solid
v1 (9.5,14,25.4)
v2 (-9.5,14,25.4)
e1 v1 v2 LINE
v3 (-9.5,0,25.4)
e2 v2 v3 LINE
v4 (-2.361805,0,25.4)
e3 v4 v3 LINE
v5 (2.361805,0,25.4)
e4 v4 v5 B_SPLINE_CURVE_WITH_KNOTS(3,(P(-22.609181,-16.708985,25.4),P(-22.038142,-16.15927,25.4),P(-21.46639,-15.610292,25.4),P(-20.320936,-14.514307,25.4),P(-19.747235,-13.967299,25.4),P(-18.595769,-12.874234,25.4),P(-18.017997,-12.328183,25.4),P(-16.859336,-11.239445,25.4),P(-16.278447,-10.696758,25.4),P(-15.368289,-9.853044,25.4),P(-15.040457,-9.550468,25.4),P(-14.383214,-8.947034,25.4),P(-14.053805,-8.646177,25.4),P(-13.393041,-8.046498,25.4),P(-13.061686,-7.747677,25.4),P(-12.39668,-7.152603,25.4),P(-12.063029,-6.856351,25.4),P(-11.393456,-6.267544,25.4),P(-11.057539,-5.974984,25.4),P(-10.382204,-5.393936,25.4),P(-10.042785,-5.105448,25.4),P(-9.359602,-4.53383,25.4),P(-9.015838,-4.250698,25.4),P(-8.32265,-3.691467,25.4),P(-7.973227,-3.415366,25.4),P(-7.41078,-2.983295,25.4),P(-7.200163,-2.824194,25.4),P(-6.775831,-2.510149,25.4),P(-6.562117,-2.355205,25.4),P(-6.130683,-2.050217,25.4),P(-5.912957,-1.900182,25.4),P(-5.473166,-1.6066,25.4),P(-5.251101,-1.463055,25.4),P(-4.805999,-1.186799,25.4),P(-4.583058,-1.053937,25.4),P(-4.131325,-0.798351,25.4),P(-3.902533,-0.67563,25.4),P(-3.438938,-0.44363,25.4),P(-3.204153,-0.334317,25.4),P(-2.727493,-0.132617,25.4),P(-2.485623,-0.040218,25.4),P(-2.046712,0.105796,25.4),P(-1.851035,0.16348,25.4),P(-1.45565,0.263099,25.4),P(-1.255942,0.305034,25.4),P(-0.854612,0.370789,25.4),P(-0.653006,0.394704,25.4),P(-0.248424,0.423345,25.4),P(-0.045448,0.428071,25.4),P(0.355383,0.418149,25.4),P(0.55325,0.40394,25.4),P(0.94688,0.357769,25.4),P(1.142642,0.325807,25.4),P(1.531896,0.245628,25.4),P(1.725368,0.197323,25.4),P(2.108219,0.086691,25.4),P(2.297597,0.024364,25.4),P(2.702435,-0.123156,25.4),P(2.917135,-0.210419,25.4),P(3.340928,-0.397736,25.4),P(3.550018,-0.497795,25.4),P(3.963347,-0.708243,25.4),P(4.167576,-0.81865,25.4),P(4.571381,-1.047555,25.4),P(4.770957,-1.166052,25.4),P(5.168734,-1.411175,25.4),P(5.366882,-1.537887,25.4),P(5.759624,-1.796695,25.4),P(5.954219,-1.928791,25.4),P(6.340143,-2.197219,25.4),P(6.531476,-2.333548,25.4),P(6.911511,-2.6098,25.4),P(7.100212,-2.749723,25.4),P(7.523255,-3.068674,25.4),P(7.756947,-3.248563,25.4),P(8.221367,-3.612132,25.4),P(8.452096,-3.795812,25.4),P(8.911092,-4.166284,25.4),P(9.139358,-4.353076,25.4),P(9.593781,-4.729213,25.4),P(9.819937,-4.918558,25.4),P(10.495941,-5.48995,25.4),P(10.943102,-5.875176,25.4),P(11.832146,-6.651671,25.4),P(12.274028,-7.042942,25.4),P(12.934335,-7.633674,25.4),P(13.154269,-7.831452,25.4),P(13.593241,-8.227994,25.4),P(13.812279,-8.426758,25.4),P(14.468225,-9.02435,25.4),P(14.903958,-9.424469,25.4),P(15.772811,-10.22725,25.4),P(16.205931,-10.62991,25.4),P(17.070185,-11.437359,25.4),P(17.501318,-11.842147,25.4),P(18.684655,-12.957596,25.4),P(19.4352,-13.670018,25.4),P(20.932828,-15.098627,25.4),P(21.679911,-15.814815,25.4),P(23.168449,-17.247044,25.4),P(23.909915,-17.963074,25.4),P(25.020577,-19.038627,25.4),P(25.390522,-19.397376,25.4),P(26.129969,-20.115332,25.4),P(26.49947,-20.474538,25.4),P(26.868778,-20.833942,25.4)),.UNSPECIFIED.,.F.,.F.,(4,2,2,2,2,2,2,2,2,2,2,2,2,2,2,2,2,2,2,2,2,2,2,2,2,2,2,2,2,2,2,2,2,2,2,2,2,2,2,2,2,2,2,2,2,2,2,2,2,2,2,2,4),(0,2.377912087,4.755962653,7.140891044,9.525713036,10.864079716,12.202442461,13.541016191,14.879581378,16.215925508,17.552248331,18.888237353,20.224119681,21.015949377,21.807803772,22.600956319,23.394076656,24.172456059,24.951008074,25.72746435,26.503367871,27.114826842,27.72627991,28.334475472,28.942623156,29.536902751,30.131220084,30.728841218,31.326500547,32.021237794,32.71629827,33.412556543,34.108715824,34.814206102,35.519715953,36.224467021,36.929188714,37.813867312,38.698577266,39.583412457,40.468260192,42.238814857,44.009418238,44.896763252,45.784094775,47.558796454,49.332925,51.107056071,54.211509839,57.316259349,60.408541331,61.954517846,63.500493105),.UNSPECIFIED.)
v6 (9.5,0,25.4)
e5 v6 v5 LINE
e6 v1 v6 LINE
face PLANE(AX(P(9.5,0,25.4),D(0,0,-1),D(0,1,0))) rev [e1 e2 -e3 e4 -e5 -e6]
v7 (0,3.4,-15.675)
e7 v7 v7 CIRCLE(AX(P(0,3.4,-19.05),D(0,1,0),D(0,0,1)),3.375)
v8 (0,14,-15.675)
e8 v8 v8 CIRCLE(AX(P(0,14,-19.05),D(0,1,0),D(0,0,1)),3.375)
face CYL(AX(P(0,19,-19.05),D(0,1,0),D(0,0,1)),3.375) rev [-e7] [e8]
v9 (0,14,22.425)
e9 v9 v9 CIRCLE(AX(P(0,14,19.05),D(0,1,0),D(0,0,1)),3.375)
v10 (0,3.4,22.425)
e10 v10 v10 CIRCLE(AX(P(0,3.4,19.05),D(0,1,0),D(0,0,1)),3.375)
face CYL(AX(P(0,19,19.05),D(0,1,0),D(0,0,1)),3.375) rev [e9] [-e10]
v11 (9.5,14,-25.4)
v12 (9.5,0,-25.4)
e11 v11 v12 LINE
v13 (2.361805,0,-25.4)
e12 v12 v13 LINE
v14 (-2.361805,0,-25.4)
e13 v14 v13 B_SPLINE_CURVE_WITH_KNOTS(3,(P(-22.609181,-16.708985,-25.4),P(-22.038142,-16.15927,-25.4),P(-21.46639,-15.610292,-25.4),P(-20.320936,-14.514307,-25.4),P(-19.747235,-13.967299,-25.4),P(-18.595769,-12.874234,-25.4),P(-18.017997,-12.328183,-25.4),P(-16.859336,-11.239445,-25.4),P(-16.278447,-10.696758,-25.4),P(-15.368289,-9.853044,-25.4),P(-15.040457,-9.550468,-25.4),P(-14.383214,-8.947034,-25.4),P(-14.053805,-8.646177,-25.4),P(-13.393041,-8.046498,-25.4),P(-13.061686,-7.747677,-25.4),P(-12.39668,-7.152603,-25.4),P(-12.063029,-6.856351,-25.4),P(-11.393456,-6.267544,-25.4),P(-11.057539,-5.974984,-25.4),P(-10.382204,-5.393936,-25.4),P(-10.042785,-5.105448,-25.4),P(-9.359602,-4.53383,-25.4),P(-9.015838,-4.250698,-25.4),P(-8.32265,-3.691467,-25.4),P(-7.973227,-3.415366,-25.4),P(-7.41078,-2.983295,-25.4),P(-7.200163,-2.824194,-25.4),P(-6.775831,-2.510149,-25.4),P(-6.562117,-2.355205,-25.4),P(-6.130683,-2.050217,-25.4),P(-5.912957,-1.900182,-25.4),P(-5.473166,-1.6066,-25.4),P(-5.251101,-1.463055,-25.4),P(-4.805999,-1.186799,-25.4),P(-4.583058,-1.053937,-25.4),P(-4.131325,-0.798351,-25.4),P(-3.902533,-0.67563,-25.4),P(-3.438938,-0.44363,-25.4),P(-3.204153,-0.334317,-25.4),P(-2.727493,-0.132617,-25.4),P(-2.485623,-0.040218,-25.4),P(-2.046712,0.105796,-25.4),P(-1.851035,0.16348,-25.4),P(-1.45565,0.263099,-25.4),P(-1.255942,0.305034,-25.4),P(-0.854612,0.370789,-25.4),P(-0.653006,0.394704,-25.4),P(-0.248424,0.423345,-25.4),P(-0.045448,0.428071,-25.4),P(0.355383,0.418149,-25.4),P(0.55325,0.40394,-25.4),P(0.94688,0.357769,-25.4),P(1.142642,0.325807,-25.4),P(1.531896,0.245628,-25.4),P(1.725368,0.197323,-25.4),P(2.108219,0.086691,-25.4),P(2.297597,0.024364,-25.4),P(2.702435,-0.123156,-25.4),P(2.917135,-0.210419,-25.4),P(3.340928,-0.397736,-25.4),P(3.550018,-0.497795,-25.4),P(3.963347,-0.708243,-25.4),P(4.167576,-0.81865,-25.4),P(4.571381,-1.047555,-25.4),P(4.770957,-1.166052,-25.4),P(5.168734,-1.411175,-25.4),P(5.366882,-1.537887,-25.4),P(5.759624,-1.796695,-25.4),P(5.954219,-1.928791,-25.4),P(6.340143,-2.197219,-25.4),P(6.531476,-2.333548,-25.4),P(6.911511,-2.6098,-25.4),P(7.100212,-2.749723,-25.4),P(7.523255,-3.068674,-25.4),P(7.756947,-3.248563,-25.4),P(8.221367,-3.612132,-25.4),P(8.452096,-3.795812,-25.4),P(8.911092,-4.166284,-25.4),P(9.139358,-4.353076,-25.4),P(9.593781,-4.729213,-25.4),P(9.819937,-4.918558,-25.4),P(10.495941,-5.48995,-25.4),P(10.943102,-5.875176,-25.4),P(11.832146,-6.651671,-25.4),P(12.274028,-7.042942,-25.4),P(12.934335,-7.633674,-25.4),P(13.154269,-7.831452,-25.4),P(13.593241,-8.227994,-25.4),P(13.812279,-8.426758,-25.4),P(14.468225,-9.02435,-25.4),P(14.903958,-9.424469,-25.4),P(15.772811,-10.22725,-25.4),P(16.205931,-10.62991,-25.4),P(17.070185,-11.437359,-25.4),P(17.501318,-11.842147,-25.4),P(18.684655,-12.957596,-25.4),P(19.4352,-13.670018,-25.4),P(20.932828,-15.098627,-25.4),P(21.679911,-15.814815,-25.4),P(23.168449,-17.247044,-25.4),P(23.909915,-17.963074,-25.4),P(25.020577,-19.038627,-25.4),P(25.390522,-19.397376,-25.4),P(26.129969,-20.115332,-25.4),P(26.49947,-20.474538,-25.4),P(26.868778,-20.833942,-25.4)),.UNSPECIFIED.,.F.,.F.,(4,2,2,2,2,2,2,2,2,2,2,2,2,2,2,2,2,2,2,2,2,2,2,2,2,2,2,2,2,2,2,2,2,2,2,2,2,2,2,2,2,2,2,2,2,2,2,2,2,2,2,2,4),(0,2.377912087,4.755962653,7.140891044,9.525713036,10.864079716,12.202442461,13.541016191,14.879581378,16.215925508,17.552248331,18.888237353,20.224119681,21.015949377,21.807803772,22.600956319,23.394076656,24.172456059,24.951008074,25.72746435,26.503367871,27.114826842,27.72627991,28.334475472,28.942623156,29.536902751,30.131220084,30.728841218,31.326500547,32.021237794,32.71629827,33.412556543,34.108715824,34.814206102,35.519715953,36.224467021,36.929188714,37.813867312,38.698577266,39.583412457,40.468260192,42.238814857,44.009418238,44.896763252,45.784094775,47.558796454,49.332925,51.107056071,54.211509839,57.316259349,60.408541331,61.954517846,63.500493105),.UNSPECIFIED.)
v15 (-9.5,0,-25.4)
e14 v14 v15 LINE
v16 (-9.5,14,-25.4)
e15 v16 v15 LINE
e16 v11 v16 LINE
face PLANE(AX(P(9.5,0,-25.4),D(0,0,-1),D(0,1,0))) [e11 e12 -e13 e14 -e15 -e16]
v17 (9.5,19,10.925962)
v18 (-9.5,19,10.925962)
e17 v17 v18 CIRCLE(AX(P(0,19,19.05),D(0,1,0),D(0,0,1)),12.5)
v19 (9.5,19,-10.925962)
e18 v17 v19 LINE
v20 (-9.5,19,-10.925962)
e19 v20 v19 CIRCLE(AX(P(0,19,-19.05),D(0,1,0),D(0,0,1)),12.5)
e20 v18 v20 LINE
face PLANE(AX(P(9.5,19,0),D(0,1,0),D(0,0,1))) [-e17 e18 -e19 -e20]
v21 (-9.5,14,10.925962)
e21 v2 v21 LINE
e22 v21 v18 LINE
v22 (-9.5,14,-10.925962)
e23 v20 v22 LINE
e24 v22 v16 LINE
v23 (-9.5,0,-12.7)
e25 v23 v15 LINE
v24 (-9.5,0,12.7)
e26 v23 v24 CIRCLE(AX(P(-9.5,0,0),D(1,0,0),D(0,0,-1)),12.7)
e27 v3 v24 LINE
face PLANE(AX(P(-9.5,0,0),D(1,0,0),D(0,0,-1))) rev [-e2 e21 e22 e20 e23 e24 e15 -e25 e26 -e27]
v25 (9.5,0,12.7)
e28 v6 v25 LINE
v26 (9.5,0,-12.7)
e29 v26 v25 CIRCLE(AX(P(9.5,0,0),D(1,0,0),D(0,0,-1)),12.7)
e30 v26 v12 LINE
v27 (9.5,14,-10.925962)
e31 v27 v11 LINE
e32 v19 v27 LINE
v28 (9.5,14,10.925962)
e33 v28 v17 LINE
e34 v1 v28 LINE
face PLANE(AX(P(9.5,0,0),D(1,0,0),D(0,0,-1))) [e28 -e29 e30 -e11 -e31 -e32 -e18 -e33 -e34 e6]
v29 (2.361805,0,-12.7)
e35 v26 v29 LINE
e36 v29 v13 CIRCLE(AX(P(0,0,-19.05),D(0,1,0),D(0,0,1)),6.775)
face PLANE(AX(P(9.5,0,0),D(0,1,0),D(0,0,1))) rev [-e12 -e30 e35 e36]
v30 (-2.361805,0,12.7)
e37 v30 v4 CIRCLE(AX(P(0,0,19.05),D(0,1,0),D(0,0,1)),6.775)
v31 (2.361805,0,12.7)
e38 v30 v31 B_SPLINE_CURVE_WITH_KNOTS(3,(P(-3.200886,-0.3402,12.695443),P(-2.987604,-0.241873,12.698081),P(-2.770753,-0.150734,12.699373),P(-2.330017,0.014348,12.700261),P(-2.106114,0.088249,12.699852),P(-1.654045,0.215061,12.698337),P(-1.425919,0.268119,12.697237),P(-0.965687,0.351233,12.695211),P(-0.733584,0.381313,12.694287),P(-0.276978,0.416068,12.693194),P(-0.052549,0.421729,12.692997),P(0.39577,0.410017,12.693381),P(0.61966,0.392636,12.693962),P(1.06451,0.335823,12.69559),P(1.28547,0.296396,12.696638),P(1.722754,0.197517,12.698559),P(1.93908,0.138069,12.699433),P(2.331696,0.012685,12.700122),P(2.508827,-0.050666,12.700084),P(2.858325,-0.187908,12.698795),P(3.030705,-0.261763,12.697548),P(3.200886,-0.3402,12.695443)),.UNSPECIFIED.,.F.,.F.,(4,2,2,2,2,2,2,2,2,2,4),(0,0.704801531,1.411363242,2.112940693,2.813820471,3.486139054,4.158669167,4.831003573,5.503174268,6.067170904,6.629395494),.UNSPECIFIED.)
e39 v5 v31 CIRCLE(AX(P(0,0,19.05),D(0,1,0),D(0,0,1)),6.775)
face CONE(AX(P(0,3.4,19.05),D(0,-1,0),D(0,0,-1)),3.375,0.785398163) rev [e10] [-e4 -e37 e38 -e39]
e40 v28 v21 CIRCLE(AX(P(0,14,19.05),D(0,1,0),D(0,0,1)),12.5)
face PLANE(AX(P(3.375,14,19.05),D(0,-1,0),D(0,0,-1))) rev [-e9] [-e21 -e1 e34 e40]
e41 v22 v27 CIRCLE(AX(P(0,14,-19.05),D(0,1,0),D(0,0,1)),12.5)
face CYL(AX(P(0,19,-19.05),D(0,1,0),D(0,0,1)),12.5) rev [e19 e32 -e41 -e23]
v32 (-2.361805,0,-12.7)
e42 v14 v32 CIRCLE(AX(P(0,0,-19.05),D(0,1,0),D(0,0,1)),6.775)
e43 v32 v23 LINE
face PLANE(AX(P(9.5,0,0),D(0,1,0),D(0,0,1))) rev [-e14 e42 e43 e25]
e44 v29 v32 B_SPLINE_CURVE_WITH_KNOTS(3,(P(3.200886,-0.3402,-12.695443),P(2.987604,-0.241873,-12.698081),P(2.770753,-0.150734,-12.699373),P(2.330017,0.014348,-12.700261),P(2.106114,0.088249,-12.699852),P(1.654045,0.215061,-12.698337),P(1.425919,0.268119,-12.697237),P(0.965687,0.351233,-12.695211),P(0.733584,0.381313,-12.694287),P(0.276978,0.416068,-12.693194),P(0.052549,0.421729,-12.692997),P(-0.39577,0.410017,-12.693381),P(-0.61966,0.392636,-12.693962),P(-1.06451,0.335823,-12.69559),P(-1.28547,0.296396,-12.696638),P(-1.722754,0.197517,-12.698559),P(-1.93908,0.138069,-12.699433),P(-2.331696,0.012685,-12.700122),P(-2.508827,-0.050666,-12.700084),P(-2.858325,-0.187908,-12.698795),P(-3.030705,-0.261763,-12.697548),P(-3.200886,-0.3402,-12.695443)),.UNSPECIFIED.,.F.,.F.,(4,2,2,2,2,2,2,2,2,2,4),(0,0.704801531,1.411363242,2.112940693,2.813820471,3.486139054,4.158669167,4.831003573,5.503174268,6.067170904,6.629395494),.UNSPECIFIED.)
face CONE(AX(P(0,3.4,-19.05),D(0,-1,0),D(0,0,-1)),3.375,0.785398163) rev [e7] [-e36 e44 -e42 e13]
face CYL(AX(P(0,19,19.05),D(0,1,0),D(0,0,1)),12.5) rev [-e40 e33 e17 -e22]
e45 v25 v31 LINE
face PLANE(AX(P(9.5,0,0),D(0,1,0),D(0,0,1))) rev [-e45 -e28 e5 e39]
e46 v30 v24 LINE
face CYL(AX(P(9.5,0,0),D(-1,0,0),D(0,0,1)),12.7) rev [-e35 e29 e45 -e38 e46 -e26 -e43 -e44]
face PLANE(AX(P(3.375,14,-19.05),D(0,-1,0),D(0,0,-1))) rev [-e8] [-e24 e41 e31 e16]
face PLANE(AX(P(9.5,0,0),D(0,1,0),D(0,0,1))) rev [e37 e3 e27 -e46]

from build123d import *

# Parameters (mm, degrees)
BOSS_EXTRUDE1_DEPTH                          = 9.5
CBORE_FOR_M12_HEX_HEAD_CAP_SCREW2_AT_2_COUNT = 2
CBORE_FOR_M12_HEX_HEAD_CAP_SCREW2_AT_2_PITCH = 38.1


with BuildPart() as part:
    # Sketch1 → Boss-Extrude1 (new, symmetric)
    with BuildSketch(Plane(origin=(0, 0, 0), x_dir=(0, 0, -1), z_dir=(1, 0, 0))):
        with BuildLine():
            Line((25.4, 19), (-25.4, 19))
            Line((-25.4, 19), (-25.4, 0))
            Line((-25.4, 0), (-12.7, 0))
            ThreePointArc((-12.7, 0), (0, 12.7), (12.7, 0))
            Line((12.7, 0), (25.4, 0))
            Line((25.4, 0), (25.4, 19))
        make_face()
    extrude(amount=BOSS_EXTRUDE1_DEPTH, both=True)

    # Sketch8 → CBORE for M12 Hex Head Cap Screw2 (revolve, cut)
    with BuildSketch(Plane(origin=(0, 19, -19.05), x_dir=(0, 0, 1), z_dir=(1, 0, 0))):
        Polygon((0, 0), (0, 19), (6.775, 19), (3.375, 15.6), (3.375, 5), (12.5, 5), (12.5, 0), align=None)
    cbore_for_m12_hex_head_cap_screw2 = revolve(axis=Axis((0, 25.35, -19.05), (0, -1, 0)), mode=Mode.SUBTRACT)

    # CBORE for M12 Hex Head Cap Screw2 at 2: CBORE for M12 Hex Head Cap Screw2 ×2
    with Locations(*[(0, 0, i * CBORE_FOR_M12_HEX_HEAD_CAP_SCREW2_AT_2_PITCH) for i in range(1, CBORE_FOR_M12_HEX_HEAD_CAP_SCREW2_AT_2_COUNT)]):
        add(cbore_for_m12_hex_head_cap_screw2, mode=Mode.SUBTRACT)


solid = part.part
